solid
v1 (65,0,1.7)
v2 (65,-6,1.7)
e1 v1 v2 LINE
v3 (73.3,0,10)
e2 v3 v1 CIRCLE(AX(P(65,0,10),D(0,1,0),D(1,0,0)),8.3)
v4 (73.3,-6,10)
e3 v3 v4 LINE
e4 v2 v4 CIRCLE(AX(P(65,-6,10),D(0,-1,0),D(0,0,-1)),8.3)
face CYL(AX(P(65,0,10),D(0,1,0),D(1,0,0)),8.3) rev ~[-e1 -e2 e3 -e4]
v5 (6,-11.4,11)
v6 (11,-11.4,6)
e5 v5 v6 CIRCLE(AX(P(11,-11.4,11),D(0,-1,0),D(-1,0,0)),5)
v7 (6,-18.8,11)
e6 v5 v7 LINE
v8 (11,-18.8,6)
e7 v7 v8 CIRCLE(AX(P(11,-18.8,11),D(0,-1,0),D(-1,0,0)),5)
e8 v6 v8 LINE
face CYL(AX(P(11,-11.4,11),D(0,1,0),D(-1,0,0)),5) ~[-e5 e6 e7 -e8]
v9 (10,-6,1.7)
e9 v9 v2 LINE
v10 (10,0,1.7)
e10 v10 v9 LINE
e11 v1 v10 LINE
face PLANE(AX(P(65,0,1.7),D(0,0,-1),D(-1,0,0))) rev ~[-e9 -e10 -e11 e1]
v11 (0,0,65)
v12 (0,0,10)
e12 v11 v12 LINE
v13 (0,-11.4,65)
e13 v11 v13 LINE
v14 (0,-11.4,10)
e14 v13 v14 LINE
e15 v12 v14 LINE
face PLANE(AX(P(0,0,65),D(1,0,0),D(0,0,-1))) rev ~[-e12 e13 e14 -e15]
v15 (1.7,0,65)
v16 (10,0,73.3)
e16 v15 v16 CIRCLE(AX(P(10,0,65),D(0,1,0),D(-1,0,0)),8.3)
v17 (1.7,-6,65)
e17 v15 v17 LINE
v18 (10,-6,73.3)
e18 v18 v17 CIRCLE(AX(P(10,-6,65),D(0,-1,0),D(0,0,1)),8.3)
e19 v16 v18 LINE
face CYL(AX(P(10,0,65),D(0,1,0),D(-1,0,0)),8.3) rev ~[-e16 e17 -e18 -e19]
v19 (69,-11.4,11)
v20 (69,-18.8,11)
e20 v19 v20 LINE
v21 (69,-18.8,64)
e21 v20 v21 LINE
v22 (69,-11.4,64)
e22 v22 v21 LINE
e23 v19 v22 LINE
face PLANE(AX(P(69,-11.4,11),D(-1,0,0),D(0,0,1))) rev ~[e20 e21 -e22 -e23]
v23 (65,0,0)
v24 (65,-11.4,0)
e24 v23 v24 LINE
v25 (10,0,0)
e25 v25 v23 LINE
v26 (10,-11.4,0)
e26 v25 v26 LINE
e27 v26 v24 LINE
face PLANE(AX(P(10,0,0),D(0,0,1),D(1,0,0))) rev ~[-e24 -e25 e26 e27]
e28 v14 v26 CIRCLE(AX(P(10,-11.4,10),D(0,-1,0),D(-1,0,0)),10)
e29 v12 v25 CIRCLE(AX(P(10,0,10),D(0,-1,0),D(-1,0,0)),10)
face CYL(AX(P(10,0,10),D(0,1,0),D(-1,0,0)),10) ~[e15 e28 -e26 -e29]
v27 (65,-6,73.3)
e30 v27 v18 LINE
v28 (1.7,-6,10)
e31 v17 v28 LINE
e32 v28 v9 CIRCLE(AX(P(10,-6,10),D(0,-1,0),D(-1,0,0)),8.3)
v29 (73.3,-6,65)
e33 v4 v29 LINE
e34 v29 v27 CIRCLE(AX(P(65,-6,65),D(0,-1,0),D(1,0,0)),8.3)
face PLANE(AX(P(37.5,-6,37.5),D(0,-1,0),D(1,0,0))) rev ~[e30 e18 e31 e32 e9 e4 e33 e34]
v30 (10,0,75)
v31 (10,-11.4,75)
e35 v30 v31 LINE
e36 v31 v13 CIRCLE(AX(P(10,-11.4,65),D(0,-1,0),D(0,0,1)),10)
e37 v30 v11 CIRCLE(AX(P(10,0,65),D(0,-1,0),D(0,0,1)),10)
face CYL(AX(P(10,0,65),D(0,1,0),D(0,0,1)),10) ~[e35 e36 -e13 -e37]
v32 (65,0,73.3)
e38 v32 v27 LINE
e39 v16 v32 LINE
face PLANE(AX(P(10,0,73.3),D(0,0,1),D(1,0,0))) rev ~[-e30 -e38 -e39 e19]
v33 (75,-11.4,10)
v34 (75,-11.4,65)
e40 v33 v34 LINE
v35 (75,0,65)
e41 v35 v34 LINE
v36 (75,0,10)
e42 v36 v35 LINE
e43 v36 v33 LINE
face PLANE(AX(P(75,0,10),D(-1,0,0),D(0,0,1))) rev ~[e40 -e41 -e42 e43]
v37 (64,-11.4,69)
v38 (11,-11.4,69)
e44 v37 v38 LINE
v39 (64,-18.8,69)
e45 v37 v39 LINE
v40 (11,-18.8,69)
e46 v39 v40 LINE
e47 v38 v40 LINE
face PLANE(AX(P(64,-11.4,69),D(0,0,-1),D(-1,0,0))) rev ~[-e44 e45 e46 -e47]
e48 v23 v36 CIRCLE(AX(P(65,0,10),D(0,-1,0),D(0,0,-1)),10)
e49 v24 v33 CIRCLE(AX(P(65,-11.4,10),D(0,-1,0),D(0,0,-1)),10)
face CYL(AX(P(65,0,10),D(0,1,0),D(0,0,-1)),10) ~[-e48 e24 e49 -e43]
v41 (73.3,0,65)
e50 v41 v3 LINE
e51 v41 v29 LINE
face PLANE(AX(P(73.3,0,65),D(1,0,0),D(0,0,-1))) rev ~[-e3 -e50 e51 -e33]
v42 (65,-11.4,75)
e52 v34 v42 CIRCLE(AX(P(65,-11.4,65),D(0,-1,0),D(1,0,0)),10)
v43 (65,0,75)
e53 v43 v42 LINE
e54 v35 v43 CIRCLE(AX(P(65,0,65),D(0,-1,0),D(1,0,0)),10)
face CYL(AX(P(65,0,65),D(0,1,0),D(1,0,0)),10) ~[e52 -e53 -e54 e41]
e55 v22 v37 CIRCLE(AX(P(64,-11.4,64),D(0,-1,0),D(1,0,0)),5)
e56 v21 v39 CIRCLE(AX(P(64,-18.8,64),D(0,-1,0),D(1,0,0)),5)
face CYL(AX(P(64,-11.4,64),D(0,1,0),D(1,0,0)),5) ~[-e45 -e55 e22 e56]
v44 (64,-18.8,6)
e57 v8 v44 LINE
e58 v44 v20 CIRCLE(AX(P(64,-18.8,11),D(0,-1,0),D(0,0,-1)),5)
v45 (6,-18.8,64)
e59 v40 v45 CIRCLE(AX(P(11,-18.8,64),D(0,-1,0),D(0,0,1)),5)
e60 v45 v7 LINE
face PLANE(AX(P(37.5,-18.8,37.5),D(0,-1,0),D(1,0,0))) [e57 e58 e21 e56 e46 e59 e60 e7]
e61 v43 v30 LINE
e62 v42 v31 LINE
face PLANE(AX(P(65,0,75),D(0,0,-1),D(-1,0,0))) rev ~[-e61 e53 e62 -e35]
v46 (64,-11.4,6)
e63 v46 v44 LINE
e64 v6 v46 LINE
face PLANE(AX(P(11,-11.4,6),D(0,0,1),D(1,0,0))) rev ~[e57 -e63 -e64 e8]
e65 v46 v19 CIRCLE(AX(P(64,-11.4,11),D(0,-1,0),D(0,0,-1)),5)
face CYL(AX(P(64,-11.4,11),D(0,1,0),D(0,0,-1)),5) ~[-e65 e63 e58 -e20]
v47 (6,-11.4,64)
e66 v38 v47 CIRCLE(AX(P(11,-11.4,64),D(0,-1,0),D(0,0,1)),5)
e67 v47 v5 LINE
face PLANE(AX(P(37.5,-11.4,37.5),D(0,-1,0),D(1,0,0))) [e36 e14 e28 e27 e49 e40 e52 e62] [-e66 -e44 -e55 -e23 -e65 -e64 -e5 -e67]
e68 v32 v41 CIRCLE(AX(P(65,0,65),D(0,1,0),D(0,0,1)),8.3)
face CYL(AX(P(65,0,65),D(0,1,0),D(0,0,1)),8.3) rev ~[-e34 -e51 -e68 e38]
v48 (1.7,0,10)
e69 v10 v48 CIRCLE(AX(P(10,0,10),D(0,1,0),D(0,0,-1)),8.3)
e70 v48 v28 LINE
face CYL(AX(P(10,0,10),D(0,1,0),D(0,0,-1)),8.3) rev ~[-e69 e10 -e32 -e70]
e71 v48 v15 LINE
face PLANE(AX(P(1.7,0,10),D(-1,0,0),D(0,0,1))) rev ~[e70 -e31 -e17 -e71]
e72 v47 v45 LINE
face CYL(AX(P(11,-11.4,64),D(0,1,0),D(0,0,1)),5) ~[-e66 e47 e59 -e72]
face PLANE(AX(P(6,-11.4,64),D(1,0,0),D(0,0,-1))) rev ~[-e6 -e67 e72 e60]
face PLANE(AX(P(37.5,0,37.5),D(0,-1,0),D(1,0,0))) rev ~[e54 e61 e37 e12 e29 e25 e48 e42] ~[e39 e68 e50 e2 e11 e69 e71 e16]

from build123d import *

# Parameters (mm, degrees)
F1_DEPTH = 11.4
F3_DEPTH = 5.4
F5_DEPTH = 7.4


with BuildPart() as f1:
    # F0 (on Front) → F1 (new body)
    with BuildSketch(Plane.XZ):
        with BuildLine():
            ThreePointArc((0, 10), (2.9289321881, 2.9289321881), (10, 0))
            Line((10, 0), (65, 0))
            ThreePointArc((65, 0), (72.0710678119, 2.9289321881), (75, 10))
            Line((75, 10), (75, 65))
            ThreePointArc((75, 65), (72.0710678119, 72.0710678119), (65, 75))
            Line((65, 75), (10, 75))
            ThreePointArc((10, 75), (2.9289321881, 72.0710678119), (0, 65))
            Line((0, 65), (0, 10))
        make_face()
        with BuildLine():
            ThreePointArc((1.7, 65), (4.1310137162, 70.8689862838), (10, 73.3))
            Line((10, 73.3), (65, 73.3))
            ThreePointArc((65, 73.3), (70.8689862838, 70.8689862838), (73.3, 65))
            Line((73.3, 65), (73.3, 10))
            ThreePointArc((73.3, 10), (70.8689862838, 4.1310137162), (65, 1.7))
            Line((65, 1.7), (10, 1.7))
            ThreePointArc((10, 1.7), (4.1310137162, 4.1310137162), (1.7, 10))
            Line((1.7, 10), (1.7, 65))
        make_face(mode=Mode.SUBTRACT)
    extrude(amount=F1_DEPTH)

    # F2 (on face) → F3 (join)
    with BuildSketch(Plane.XZ.offset(11.4)):
        with BuildLine():
            ThreePointArc((10, 73.3), (4.1310137162, 70.8689862838), (1.7, 65))
            Line((1.7, 65), (1.7, 10))
            ThreePointArc((1.7, 10), (4.1310137162, 4.1310137162), (10, 1.7))
            Line((10, 1.7), (65, 1.7))
            ThreePointArc((65, 1.7), (70.8689862838, 4.1310137162), (73.3, 10))
            Line((73.3, 10), (73.3, 65))
            ThreePointArc((73.3, 65), (70.8689862838, 70.8689862838), (65, 73.3))
            Line((65, 73.3), (10, 73.3))
        make_face()
    extrude(amount=-F3_DEPTH)

    # F4 (on face) → F5 (join)
    with BuildSketch(Plane.XZ.offset(11.4)):
        with BuildLine():
            Line((64, 69), (11, 69))
            ThreePointArc((11, 69), (7.4644660941, 67.5355339059), (6, 64))
            Line((6, 64), (6, 11))
            ThreePointArc((6, 11), (7.4644660941, 7.4644660941), (11, 6))
            Line((11, 6), (64, 6))
            ThreePointArc((64, 6), (67.5355339059, 7.4644660941), (69, 11))
            Line((69, 11), (69, 64))
            ThreePointArc((69, 64), (67.5355339059, 67.5355339059), (64, 69))
        make_face()
    extrude(amount=F5_DEPTH)


solid = f1.part
